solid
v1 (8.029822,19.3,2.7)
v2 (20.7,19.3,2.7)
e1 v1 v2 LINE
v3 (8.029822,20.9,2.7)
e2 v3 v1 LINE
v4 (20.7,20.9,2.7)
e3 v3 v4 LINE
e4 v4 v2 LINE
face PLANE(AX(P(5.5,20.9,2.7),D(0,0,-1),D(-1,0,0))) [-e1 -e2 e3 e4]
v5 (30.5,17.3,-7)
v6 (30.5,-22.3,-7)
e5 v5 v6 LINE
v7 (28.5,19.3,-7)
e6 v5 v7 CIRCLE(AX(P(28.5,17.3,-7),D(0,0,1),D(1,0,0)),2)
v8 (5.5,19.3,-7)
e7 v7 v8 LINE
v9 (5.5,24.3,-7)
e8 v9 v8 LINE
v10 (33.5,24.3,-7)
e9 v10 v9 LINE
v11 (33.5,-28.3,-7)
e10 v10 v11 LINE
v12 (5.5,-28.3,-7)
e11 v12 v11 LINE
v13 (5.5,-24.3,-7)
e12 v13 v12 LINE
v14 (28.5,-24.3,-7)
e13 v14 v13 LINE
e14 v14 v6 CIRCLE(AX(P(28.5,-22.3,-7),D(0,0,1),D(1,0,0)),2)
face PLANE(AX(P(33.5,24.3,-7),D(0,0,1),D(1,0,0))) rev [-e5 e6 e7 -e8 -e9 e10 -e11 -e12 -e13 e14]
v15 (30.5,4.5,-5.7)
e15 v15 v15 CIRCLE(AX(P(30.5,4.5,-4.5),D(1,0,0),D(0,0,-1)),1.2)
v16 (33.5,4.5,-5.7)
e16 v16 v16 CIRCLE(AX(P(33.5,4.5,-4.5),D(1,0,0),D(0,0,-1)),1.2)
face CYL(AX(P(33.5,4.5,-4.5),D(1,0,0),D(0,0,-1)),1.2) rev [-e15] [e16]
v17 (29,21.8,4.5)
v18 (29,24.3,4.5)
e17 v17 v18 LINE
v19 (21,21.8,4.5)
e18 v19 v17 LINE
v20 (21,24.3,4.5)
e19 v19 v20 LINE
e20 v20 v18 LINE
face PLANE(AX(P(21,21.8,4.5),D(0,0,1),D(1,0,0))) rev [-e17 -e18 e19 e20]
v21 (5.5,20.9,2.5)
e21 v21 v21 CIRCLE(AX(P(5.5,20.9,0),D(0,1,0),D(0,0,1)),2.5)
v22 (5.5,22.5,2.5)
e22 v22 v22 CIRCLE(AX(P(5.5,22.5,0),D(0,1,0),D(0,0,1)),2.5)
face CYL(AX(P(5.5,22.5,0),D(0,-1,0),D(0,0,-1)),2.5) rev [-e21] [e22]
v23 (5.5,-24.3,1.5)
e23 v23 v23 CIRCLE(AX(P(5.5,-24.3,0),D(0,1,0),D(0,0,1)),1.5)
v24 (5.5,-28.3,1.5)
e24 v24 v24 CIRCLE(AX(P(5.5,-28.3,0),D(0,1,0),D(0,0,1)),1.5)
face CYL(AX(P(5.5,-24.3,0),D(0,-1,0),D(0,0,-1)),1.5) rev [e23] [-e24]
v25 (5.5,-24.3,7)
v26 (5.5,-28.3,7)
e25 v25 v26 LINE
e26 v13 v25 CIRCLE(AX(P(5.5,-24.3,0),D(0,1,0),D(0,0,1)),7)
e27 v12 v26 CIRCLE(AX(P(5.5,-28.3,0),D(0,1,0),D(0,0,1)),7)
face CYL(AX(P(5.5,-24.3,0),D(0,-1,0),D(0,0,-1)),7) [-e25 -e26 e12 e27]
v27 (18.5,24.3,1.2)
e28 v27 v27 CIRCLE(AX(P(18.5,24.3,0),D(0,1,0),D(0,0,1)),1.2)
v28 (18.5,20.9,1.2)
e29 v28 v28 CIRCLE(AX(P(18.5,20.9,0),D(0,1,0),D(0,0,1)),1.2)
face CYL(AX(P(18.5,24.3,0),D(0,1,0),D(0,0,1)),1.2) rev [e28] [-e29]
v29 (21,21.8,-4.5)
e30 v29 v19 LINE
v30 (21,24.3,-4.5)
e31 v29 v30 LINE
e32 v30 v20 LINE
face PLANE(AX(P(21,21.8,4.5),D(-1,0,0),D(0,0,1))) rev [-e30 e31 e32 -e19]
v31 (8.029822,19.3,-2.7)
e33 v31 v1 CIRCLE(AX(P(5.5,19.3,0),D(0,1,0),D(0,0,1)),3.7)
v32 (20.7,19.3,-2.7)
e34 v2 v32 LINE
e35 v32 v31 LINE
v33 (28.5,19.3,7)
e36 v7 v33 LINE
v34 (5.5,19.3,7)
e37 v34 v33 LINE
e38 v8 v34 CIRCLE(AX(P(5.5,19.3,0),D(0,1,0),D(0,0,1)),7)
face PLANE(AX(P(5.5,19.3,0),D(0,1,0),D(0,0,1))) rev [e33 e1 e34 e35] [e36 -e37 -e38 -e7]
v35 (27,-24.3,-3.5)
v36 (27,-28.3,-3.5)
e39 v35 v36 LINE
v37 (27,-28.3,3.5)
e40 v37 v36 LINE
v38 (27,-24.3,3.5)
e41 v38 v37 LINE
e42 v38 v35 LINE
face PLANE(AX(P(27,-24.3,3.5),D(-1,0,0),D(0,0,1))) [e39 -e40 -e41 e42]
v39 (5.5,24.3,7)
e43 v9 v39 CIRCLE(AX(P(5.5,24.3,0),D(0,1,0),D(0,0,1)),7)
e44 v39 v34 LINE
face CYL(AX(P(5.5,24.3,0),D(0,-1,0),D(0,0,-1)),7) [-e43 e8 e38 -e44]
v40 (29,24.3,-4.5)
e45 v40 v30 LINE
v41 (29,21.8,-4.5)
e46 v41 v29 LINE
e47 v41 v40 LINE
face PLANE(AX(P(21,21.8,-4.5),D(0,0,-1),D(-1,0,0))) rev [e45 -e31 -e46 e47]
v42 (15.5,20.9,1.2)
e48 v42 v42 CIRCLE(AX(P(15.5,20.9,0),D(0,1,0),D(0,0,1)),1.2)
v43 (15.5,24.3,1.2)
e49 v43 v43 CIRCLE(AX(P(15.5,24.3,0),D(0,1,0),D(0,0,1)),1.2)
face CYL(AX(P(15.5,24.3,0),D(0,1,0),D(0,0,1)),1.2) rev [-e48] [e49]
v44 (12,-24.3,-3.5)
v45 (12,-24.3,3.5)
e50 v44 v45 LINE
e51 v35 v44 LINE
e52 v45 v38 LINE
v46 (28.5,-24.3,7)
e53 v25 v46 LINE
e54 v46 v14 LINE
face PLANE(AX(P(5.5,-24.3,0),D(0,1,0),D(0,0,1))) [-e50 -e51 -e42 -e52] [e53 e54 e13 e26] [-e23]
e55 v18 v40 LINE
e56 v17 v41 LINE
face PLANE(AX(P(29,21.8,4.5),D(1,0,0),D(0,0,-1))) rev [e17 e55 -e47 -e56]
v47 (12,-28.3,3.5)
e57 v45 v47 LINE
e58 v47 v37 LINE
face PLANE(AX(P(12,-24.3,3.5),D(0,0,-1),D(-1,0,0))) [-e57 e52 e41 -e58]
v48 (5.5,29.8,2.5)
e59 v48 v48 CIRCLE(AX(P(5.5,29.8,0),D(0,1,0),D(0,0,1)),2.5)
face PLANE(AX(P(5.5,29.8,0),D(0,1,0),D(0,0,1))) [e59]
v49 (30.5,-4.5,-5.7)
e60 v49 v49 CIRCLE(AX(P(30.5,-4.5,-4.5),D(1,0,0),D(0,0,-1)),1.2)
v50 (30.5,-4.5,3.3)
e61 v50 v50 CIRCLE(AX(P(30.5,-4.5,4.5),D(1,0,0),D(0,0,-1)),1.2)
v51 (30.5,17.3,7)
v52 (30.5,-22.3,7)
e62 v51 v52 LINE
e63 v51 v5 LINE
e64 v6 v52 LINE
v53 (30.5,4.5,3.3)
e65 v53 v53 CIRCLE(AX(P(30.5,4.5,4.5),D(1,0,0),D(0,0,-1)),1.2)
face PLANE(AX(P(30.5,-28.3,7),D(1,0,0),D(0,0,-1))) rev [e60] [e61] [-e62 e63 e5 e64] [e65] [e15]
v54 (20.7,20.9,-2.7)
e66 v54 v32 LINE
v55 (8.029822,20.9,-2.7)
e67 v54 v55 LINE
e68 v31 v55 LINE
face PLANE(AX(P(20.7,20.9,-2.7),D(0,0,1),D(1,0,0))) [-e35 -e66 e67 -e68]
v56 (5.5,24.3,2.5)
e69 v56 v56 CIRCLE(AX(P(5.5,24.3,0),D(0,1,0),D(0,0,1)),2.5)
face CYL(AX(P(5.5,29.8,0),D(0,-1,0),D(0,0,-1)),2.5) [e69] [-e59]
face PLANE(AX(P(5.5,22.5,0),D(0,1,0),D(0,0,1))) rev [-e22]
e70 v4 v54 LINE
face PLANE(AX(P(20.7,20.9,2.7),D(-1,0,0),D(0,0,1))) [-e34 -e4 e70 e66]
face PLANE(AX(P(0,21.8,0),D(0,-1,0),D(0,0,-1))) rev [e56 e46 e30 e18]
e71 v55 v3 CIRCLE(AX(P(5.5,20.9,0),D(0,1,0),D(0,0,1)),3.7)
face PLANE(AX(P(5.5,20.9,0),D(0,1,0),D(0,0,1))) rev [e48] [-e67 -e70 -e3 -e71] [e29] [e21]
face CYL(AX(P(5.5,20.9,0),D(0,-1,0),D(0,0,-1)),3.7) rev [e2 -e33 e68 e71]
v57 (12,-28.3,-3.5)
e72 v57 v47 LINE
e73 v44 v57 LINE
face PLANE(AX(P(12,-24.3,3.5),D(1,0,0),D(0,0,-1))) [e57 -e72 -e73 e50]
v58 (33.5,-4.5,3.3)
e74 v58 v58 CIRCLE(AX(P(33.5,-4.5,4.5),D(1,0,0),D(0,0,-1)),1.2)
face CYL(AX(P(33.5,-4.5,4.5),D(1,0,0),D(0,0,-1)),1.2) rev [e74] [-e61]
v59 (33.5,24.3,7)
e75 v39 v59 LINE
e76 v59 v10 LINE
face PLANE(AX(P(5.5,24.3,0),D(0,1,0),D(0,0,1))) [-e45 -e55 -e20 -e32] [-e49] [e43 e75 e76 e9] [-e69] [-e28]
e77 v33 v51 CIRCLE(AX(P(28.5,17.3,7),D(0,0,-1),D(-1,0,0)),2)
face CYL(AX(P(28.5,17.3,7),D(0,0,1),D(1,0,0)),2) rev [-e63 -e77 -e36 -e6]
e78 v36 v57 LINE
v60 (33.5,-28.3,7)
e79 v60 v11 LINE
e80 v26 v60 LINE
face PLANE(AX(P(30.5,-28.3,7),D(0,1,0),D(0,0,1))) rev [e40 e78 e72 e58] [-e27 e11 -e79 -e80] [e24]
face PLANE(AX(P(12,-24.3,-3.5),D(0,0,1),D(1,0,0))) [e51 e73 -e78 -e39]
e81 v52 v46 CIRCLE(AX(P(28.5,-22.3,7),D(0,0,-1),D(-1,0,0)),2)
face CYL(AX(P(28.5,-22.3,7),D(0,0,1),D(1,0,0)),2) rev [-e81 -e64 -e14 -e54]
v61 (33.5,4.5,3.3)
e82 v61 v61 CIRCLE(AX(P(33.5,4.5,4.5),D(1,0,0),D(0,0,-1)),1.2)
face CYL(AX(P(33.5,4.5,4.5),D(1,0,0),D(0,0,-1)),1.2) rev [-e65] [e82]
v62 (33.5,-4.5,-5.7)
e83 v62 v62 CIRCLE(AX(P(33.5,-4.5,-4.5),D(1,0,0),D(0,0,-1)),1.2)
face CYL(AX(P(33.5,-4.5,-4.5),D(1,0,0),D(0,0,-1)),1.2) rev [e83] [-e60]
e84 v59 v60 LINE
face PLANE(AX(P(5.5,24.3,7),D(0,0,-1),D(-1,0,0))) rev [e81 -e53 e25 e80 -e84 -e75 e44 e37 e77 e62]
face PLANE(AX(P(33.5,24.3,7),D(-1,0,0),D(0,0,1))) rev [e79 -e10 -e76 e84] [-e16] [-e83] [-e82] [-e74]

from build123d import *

# Parameters (mm, degrees)
BOSS_EXTRUDE1_DEPTH      = 5
BOSS_EXTRUDE2_DEPTH      = 4
SKETCH3_W                = 3
SKETCH3_H                = 52.6
BOSS_EXTRUDE3_DEPTH      = 7
SKETCH4_R                = 2.5
BOSS_EXTRUDE4_DEPTH      = 5.5
SKETCH5_R                = 3.7
CUT_EXTRUDE2_DEPTH       = 1.6
CUT_EXTRUDE4_DEPTH       = 1.6
SKETCH7_R                = 2.5
CUT_EXTRUDE6_DEPTH       = 1.6
SKETCH8_R                = 1.5
CUT_EXTRUDE8_DEPTH       = 4
M2_CLEARANCE_HOLE1_D     = 2.4
M2_CLEARANCE_HOLE1_DEPTH = 5
M2_CLEARANCE_HOLE1_TIP   = 0.721032743
M2_CLEARANCE_HOLE2_D     = 2.4
M2_CLEARANCE_HOLE2_DEPTH = 5
M2_CLEARANCE_HOLE2_TIP   = 0.721032743
M2_CLEARANCE_HOLE3_D     = 2.4
M2_CLEARANCE_HOLE3_DEPTH = 35
M2_CLEARANCE_HOLE4_D     = 2.4
M2_CLEARANCE_HOLE4_DEPTH = 35
M2_CLEARANCE_HOLE5_D     = 2.4
M2_CLEARANCE_HOLE5_DEPTH = 35
M2_CLEARANCE_HOLE6_D     = 2.4
M2_CLEARANCE_HOLE6_DEPTH = 35
FILLET1_R                = 2
SKETCH21_W               = 15
SKETCH21_H               = 7
CUT_EXTRUDE10_DEPTH      = 4
SKETCH22_W               = 8
SKETCH22_H               = 9
CUT_EXTRUDE11_DEPTH      = 2.5


with BuildPart() as part:
    # Sketch1 → Boss-Extrude1 (new body)
    with BuildSketch(Plane(origin=(0, 19.3, 0), x_dir=(1, 0, 0), z_dir=(0, 1, 0))):
        with BuildLine():
            Line((5.5, -7), (33.5, -7))
            Line((33.5, -7), (33.5, 7))
            Line((33.5, 7), (5.5, 7))
            ThreePointArc((5.5, 7), (-1.5, 0), (5.5, -7))
        make_face()
    extrude(amount=BOSS_EXTRUDE1_DEPTH)



with BuildPart() as body_2:
    # Sketch2 → Boss-Extrude2 (new body)
    with BuildSketch(Plane(origin=(0, -28.3, 0), x_dir=(1, 0, 0), z_dir=(0, 1, 0))):
        with BuildLine():
            Line((5.5, -7), (33.5, -7))
            Line((33.5, -7), (33.5, 7))
            Line((33.5, 7), (5.5, 7))
            ThreePointArc((5.5, 7), (-1.5, 0), (5.5, -7))
        make_face()
    extrude(amount=BOSS_EXTRUDE2_DEPTH)


with BuildPart() as part_1:
    add(part.part)

    add(body_2.part)  # Boss-Extrude3 merges body 2
    # Sketch3 → Boss-Extrude3 (add, symmetric)
    with BuildSketch(Plane.XY):
        with Locations((32, -2)):
            Rectangle(SKETCH3_W, SKETCH3_H)
    extrude(amount=BOSS_EXTRUDE3_DEPTH, both=True)

    # Sketch4 → Boss-Extrude4 (add)
    with BuildSketch(Plane(origin=(0, 24.3, 0), x_dir=(1, 0, 0), z_dir=(0, 1, 0))):
        with Locations(Location((5.5, 0, 0), (0, 0, 270))):
            Circle(SKETCH4_R)
    extrude(amount=BOSS_EXTRUDE4_DEPTH)

    # Sketch5 → Cut-Extrude2 (cut)
    with BuildSketch(Plane(origin=(0, 19.3, 0), x_dir=(1, 0, 0), z_dir=(0, 1, 0))):
        with Locations(Location((5.5, 0, 0), (0, 0, 270))):
            Circle(SKETCH5_R)
    extrude(amount=CUT_EXTRUDE2_DEPTH, mode=Mode.SUBTRACT)

    # Sketch6 → Cut-Extrude4 (cut)
    with BuildSketch(Plane(origin=(0, 19.3, 0), x_dir=(1, 0, 0), z_dir=(0, 1, 0))):
        with BuildLine():
            Line((5.5, -2.7), (20.7, -2.7))
            Line((20.7, -2.7), (20.7, 2.7))
            Line((20.7, 2.7), (5.5, 2.7))
            ThreePointArc((5.5, 2.7), (2.8, 0), (5.5, -2.7))
        make_face()
    extrude(amount=CUT_EXTRUDE4_DEPTH, mode=Mode.SUBTRACT)

    # Sketch7 → Cut-Extrude6 (cut)
    with BuildSketch(Plane(origin=(0, 20.9, 0), x_dir=(1, 0, 0), z_dir=(0, 1, 0))):
        with Locations(Location((5.5, 0, 0), (0, 0, 270))):
            Circle(SKETCH7_R)
    extrude(amount=CUT_EXTRUDE6_DEPTH, mode=Mode.SUBTRACT)

    # Sketch8 → Cut-Extrude8 (cut)
    with BuildSketch(Plane(origin=(0, -28.3, 0), x_dir=(1, 0, 0), z_dir=(0, 1, 0))):
        with Locations(Location((5.5, 0, 0), (0, 0, 270))):
            Circle(SKETCH8_R)
    extrude(amount=CUT_EXTRUDE8_DEPTH, mode=Mode.SUBTRACT)

    # M2 Clearance Hole1
    with Locations(Plane(origin=(0, 24.3, 0), x_dir=(1, 0, 0), z_dir=(0, 1, 0))):
        with Locations((15.5, 0)):
            Hole(M2_CLEARANCE_HOLE1_D / 2, depth=M2_CLEARANCE_HOLE1_DEPTH)
            with Locations((0, 0, -(M2_CLEARANCE_HOLE1_DEPTH + M2_CLEARANCE_HOLE1_TIP / 2))):  # 118° drill point
                Cone(0, M2_CLEARANCE_HOLE1_D / 2, M2_CLEARANCE_HOLE1_TIP, mode=Mode.SUBTRACT)

    # M2 Clearance Hole2
    with Locations(Plane(origin=(0, 24.3, 0), x_dir=(1, 0, 0), z_dir=(0, 1, 0))):
        with Locations((18.5, 0)):
            Hole(M2_CLEARANCE_HOLE2_D / 2, depth=M2_CLEARANCE_HOLE2_DEPTH)
            with Locations((0, 0, -(M2_CLEARANCE_HOLE2_DEPTH + M2_CLEARANCE_HOLE2_TIP / 2))):  # 118° drill point
                Cone(0, M2_CLEARANCE_HOLE2_D / 2, M2_CLEARANCE_HOLE2_TIP, mode=Mode.SUBTRACT)

    # M2 Clearance Hole3
    with Locations(Plane(origin=(33.5, 0, 0), x_dir=(0, 0, -1), z_dir=(1, 0, 0))):
        with Locations((4.5, -4.5)):
            Hole(M2_CLEARANCE_HOLE3_D / 2, depth=M2_CLEARANCE_HOLE3_DEPTH)

    # M2 Clearance Hole4
    with Locations(Plane(origin=(33.5, 0, 0), x_dir=(0, 0, -1), z_dir=(1, 0, 0))):
        with Locations((-4.5, -4.5)):
            Hole(M2_CLEARANCE_HOLE4_D / 2, depth=M2_CLEARANCE_HOLE4_DEPTH)

    # M2 Clearance Hole5
    with Locations(Plane(origin=(33.5, 0, 0), x_dir=(0, 0, -1), z_dir=(1, 0, 0))):
        with Locations((4.5, 4.5)):
            Hole(M2_CLEARANCE_HOLE5_D / 2, depth=M2_CLEARANCE_HOLE5_DEPTH)

    # M2 Clearance Hole6
    with Locations(Plane(origin=(33.5, 0, 0), x_dir=(0, 0, -1), z_dir=(1, 0, 0))):
        with Locations((-4.5, 4.5)):
            Hole(M2_CLEARANCE_HOLE6_D / 2, depth=M2_CLEARANCE_HOLE6_DEPTH)

    # Fillet1
    fillet1_edges = [part_1.edges().sort_by_distance(p)[0] for p in [
        (30.5, 19.3, 0),
        (30.5, -24.3, 0),
    ]]
    fillet(fillet1_edges, radius=FILLET1_R)

    # Sketch21 → Cut-Extrude10 (cut)
    with BuildSketch(Plane(origin=(0, -28.3, 0), x_dir=(1, 0, 0), z_dir=(0, 1, 0))):
        with Locations((19.5, 0)):
            Rectangle(SKETCH21_W, SKETCH21_H)
    extrude(amount=CUT_EXTRUDE10_DEPTH, mode=Mode.SUBTRACT)

    # Sketch22 → Cut-Extrude11 (cut)
    with BuildSketch(Plane(origin=(0, 24.3, 0), x_dir=(1, 0, 0), z_dir=(0, 1, 0))):
        with Locations((25, 0)):
            Rectangle(SKETCH22_W, SKETCH22_H)
    extrude(amount=-CUT_EXTRUDE11_DEPTH, mode=Mode.SUBTRACT)


solid = part_1.part
